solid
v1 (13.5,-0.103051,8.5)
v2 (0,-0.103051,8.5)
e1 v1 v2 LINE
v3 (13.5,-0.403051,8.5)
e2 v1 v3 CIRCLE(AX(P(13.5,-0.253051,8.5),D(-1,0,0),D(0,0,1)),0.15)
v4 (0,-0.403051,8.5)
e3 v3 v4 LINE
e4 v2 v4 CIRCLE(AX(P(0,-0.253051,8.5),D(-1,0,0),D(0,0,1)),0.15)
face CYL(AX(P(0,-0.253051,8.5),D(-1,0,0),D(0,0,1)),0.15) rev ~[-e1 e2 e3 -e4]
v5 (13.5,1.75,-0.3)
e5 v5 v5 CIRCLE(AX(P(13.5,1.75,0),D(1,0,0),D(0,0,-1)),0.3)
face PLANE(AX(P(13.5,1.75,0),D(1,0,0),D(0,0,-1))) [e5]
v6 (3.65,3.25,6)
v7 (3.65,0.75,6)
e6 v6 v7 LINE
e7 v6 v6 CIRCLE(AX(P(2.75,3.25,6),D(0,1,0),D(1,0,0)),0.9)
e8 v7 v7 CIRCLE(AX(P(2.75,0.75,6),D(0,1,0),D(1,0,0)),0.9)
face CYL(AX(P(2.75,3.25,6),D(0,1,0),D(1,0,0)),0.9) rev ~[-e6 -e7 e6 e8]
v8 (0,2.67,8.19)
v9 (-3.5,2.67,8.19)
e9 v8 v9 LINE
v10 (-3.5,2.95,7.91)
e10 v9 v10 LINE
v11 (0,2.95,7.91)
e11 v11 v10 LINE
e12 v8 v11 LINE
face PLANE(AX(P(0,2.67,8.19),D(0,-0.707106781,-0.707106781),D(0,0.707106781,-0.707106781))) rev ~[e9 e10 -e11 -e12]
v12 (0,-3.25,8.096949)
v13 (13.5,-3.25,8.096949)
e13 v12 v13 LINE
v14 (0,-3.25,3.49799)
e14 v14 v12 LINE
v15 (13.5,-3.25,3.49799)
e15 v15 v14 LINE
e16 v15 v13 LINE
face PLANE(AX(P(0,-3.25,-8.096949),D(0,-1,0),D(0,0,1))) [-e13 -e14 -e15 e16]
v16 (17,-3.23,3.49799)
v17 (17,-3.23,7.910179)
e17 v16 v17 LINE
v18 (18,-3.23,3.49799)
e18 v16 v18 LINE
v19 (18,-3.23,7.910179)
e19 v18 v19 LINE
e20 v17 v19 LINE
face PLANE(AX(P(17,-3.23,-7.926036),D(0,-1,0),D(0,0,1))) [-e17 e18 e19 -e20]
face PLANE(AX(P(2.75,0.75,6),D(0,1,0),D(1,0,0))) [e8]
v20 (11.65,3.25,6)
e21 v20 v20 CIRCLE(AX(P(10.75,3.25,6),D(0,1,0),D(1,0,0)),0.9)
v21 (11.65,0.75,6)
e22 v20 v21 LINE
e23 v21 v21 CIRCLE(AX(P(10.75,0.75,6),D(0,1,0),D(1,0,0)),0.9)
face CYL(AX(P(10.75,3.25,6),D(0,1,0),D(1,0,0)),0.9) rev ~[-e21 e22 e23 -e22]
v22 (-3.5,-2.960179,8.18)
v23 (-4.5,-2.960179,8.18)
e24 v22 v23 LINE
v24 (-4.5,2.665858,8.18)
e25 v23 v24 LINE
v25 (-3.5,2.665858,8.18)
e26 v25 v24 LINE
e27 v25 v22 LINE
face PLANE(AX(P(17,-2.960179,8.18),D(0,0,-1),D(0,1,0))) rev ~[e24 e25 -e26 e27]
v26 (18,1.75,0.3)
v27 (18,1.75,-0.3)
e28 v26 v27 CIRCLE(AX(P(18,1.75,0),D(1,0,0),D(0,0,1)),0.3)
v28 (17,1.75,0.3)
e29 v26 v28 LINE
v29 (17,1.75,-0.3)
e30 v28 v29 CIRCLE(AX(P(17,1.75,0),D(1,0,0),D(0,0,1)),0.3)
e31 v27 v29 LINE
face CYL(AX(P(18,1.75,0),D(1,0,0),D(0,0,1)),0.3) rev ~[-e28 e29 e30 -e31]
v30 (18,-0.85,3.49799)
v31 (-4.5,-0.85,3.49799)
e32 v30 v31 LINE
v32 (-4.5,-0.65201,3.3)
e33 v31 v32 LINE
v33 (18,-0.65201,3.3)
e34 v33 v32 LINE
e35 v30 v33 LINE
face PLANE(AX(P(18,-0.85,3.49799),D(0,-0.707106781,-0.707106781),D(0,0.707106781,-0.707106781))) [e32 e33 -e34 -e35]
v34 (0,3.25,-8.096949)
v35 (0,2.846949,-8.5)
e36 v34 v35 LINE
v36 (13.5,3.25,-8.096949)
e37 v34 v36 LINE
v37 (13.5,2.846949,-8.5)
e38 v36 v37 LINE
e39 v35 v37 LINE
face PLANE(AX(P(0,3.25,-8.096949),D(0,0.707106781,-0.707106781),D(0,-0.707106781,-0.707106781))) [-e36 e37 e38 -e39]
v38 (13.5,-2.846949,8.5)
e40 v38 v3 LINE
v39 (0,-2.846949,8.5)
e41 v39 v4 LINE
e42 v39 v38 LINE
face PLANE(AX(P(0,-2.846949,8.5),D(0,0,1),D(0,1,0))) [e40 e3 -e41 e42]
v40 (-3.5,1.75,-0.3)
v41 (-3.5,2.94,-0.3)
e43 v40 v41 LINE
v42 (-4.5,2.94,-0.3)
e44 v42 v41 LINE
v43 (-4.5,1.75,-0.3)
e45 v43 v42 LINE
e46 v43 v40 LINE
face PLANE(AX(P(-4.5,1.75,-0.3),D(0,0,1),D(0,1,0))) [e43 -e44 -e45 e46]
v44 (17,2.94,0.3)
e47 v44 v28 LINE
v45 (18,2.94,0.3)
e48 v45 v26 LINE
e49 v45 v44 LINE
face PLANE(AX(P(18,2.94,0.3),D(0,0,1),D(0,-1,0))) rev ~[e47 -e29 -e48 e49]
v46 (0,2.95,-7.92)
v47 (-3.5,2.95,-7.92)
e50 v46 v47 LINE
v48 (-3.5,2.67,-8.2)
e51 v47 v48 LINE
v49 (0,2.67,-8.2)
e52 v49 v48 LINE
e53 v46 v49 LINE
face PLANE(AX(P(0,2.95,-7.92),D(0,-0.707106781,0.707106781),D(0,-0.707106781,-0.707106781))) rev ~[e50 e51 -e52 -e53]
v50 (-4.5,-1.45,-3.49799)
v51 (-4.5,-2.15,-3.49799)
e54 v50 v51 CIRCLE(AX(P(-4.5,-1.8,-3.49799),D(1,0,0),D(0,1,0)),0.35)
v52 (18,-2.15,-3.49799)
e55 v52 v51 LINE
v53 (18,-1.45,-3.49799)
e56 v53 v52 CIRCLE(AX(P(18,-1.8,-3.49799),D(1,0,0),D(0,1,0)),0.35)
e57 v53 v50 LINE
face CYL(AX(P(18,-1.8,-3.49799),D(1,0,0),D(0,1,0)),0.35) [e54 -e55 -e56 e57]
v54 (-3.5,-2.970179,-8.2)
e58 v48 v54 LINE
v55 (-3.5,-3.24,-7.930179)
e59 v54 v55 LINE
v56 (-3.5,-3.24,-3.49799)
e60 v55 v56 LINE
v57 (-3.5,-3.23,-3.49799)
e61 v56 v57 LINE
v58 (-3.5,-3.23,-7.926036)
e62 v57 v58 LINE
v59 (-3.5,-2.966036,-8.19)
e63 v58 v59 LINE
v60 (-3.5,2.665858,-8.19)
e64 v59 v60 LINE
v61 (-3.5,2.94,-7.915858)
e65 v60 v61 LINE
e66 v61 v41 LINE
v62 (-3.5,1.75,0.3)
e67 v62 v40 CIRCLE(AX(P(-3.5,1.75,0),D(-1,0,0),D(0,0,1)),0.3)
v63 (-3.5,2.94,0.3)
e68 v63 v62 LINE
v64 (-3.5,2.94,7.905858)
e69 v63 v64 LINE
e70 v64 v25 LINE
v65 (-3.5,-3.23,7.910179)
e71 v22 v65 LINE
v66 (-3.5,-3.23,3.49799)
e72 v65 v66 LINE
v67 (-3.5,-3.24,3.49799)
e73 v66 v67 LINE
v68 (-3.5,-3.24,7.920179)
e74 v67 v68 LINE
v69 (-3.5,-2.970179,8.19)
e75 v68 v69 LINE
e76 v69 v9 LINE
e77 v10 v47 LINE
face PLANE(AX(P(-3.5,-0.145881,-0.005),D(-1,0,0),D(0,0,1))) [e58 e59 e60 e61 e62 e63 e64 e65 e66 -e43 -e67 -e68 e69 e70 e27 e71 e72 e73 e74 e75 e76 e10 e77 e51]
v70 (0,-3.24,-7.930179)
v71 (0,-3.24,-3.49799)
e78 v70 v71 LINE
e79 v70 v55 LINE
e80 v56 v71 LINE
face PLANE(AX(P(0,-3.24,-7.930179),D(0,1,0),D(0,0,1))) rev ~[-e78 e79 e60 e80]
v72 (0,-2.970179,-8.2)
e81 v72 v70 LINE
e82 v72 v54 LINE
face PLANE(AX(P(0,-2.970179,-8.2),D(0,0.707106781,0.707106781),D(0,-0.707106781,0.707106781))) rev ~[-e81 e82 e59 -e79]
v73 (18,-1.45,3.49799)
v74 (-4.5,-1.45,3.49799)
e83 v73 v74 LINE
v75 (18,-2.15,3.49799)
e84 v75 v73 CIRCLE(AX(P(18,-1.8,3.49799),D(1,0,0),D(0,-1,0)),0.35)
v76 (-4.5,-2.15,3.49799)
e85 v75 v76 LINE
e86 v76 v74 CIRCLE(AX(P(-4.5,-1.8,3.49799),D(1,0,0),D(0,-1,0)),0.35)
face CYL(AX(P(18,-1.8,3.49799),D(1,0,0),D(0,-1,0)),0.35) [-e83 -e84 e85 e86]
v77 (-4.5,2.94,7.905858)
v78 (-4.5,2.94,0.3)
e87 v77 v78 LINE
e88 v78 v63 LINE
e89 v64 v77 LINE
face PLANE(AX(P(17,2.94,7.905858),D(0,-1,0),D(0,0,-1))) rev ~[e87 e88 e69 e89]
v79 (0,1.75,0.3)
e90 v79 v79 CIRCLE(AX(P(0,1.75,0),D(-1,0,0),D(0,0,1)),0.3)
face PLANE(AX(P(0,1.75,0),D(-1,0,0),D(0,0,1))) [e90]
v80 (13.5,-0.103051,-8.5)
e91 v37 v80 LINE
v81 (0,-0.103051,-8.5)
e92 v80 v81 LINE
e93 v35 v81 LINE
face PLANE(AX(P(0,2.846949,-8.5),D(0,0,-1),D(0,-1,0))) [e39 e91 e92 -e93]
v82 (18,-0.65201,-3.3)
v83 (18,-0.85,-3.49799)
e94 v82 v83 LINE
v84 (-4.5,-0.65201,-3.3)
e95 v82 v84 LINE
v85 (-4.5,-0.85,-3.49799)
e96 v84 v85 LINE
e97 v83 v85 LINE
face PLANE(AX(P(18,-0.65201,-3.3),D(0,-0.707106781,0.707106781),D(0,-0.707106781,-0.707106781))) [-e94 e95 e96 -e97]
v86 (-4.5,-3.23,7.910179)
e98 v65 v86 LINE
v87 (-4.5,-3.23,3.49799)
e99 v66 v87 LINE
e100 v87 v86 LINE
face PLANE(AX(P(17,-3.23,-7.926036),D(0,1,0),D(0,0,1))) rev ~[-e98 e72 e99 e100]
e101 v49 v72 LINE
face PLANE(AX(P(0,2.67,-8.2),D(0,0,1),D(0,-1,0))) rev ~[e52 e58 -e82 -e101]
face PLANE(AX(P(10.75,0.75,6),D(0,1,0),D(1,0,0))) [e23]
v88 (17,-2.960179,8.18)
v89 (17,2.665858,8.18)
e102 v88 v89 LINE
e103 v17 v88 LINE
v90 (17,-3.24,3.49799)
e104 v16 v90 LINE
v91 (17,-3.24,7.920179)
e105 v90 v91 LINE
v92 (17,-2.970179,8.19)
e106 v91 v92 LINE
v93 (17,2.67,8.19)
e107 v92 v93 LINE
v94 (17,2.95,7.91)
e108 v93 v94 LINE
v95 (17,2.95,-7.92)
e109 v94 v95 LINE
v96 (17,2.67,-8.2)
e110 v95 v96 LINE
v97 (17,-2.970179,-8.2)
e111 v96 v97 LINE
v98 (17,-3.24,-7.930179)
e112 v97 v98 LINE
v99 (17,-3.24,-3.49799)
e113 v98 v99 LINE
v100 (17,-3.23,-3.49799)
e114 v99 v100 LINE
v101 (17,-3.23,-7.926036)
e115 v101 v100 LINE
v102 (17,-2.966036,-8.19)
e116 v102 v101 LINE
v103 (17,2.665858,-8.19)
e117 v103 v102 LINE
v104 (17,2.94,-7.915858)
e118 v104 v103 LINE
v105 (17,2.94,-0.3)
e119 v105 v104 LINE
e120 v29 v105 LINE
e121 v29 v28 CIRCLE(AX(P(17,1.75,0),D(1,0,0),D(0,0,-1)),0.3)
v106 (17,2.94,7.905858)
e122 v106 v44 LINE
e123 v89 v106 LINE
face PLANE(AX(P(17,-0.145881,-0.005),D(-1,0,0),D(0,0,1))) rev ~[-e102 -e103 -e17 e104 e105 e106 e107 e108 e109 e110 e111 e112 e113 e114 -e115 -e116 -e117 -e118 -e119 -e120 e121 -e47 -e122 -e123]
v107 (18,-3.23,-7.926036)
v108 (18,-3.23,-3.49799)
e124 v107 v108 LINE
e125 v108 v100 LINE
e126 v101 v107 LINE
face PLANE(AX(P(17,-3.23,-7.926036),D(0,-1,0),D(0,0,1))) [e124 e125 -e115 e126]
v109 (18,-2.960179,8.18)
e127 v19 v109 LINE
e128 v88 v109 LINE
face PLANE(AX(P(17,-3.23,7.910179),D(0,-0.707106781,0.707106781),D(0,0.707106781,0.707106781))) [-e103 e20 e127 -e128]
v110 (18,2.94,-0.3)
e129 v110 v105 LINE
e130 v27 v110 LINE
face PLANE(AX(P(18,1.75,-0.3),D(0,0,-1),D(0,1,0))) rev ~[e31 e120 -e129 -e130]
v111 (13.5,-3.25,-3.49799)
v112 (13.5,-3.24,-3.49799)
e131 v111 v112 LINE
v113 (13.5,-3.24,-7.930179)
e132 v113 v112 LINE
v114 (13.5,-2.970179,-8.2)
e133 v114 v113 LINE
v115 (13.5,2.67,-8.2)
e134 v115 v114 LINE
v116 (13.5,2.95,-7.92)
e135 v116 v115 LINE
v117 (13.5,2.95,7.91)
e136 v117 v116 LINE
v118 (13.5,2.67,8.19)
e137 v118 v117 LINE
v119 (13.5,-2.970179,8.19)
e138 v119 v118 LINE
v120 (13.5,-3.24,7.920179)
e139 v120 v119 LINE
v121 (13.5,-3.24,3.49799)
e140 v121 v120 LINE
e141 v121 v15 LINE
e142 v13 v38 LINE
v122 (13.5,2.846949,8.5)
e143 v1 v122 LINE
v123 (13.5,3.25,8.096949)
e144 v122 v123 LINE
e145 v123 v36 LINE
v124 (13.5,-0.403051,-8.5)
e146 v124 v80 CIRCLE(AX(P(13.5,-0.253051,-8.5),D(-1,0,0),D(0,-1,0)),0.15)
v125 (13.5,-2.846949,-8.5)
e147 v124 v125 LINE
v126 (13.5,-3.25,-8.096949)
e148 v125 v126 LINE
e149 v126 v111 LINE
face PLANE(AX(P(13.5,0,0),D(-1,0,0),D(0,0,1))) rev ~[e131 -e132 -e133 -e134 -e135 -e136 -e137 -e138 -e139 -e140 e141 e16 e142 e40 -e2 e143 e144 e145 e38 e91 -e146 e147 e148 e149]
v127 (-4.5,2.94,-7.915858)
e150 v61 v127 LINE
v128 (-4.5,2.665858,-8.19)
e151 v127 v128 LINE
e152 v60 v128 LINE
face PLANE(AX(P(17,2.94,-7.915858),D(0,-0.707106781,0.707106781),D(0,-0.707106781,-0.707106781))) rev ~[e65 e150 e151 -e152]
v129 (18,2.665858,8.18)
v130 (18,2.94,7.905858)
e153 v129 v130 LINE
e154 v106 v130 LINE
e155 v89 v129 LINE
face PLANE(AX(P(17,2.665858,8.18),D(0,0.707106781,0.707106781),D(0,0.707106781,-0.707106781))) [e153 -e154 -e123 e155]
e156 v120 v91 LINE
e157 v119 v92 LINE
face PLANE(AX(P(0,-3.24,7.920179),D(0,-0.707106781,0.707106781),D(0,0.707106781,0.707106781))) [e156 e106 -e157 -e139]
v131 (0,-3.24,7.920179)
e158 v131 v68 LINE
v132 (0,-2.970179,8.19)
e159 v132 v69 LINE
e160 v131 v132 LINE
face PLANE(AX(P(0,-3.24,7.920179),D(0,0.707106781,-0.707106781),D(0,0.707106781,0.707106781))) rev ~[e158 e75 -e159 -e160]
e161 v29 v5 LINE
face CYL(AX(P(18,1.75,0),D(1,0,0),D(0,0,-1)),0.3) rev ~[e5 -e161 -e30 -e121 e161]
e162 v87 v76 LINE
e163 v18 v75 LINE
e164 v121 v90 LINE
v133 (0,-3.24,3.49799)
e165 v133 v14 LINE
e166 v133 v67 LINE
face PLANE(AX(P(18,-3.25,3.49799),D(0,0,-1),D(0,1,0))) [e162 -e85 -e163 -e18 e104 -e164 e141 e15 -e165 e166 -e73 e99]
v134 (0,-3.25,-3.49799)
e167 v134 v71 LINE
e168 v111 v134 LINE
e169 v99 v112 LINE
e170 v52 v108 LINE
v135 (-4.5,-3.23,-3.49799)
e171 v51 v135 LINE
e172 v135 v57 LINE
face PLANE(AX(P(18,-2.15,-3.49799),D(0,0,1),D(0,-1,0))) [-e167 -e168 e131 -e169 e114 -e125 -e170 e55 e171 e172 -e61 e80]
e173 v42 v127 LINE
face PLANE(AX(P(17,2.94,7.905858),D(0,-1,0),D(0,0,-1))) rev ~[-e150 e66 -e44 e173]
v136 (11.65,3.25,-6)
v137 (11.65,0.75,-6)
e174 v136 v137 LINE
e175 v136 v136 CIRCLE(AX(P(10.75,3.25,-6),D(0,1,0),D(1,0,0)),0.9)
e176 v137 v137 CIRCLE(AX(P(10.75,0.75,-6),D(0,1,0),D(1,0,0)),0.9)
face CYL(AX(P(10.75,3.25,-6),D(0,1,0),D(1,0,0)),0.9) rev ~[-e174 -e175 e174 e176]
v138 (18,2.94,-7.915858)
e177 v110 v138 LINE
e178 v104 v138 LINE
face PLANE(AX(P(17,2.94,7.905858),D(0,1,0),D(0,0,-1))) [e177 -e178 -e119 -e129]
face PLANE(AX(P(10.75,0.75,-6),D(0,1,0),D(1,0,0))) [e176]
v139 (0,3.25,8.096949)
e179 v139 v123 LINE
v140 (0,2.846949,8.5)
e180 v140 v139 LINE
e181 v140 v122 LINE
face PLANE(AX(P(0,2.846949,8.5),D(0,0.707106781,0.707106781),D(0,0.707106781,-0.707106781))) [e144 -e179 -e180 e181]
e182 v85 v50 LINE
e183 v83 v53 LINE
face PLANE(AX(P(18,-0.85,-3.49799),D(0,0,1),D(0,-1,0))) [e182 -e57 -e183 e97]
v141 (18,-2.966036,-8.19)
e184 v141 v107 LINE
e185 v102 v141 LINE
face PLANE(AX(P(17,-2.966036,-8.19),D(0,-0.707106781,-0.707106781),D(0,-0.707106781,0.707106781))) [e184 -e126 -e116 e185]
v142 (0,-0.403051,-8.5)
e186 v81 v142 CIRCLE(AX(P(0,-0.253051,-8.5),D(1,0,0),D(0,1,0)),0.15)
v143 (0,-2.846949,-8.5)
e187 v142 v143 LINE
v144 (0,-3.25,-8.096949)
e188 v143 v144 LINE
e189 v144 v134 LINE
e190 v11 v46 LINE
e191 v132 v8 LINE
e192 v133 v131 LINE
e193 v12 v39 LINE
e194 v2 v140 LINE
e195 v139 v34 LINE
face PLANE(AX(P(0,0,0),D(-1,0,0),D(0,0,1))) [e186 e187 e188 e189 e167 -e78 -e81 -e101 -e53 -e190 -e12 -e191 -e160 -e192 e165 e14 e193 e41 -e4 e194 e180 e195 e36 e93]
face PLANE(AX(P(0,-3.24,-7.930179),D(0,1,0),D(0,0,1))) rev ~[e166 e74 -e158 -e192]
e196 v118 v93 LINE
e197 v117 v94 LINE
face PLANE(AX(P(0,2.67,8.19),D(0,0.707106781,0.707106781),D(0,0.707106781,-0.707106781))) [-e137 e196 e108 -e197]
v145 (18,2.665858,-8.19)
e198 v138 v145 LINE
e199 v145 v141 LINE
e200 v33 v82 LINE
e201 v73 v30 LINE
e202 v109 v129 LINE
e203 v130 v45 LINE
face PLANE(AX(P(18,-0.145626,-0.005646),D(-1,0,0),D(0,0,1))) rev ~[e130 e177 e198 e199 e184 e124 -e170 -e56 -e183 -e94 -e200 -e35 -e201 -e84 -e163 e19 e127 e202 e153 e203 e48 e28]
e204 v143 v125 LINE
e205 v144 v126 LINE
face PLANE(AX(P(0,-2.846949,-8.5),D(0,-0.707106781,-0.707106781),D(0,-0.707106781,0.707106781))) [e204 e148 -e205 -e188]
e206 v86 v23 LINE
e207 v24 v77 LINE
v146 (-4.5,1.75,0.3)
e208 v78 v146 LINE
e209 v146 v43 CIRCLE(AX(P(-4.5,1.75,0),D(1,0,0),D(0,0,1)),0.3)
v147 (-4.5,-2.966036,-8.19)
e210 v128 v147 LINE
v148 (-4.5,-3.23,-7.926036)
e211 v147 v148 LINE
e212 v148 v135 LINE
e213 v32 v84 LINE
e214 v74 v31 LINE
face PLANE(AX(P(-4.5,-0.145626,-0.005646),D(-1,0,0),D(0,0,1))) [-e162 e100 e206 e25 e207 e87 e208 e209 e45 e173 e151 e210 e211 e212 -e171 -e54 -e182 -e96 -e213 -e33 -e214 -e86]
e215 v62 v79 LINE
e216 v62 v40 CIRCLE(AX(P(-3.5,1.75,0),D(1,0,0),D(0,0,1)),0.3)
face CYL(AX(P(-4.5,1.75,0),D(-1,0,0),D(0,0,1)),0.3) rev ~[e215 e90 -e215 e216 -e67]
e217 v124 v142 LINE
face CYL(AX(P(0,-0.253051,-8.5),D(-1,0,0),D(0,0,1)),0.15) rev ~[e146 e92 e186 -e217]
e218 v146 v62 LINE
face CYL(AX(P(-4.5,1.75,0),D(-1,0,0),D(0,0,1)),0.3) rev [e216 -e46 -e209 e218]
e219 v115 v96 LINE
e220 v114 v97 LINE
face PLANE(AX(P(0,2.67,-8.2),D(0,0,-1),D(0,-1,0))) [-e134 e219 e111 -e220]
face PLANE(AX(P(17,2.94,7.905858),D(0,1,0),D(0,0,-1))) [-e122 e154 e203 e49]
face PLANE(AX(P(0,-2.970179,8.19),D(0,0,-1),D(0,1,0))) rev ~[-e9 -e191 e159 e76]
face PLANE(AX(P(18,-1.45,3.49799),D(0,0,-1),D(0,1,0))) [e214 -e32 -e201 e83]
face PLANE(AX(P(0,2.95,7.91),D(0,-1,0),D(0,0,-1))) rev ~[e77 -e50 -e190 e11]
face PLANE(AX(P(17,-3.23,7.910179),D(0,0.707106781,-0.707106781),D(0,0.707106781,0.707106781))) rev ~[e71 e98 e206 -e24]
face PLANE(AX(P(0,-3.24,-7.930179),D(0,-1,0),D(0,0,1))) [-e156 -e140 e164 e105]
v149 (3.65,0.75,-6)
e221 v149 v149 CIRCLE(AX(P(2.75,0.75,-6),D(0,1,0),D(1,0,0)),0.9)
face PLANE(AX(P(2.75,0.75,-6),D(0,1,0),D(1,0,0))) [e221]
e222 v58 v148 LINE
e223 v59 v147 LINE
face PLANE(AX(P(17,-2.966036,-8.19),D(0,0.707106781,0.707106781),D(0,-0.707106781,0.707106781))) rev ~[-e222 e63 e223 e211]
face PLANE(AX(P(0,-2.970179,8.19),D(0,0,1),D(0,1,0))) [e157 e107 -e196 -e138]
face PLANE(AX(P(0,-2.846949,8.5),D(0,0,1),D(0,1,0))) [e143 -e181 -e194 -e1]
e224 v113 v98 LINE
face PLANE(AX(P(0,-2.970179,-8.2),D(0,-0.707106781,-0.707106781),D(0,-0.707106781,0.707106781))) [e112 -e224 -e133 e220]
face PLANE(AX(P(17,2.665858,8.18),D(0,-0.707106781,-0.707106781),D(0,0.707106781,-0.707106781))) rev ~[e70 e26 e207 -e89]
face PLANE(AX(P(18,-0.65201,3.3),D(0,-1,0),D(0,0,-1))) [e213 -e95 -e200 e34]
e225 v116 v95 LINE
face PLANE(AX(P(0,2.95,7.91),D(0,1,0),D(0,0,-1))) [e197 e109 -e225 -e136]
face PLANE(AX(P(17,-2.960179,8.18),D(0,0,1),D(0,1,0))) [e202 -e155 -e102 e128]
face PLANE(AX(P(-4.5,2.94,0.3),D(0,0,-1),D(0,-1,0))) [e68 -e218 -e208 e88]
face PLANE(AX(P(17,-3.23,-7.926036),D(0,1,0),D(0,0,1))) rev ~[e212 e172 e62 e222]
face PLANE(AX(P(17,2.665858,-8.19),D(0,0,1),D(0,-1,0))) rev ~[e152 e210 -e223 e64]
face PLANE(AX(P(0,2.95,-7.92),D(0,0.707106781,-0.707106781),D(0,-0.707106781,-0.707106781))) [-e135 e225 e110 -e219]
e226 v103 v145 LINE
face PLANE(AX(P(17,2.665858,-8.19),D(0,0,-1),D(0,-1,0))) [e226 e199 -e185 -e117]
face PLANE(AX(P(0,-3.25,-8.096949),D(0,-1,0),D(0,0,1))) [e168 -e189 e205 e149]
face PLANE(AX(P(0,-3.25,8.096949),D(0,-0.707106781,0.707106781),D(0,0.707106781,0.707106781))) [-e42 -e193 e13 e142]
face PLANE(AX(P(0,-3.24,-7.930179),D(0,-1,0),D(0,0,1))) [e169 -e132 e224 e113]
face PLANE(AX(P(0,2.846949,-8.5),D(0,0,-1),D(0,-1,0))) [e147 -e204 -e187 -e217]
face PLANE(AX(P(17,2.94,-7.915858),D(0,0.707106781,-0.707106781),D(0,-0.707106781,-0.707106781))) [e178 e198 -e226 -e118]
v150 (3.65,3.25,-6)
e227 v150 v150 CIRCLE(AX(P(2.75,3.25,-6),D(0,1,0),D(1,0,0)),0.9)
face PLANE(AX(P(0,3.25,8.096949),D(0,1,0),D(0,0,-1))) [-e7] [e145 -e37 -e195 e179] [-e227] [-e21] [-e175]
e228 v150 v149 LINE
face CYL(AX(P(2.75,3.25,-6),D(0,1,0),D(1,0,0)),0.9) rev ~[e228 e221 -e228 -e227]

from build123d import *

# Parameters (mm, degrees)
EXTRUDE_1_DEPTH      = 13.5
SKETCH_3_R           = 0.15
CUT_EXTRUDE_2_DEPTH  = 13.5
EXTRUDE_2_DEPTH      = 3.5
EXTRUDE_2_DEPTH_BACK = 17
EXTRUDE_3_DEPTH      = 1
EXTRUDE_3_DEPTH_BACK = 21.5
SKETCH_2_R           = 0.9
CUT_EXTRUDE_1_DEPTH  = 2.5
CUT_EXTRUDE_3_DEPTH  = 1
CUT_EXTRUDE_4_DEPTH  = 1
SKETCH_8_R           = 0.3
CUT_EXTRUDE_5_DEPTH  = 4.5
SKETCH_9_R           = 0.3
CUT_EXTRUDE_6_DEPTH  = 4.5
CUT_EXTRUDE_7_DEPTH  = 22.5


with BuildPart() as part:
    # 草图1 → 凸台-拉伸1 (new body)
    with BuildSketch(Plane(origin=(0, 0, 0), x_dir=(0, 0, -1), z_dir=(1, 0, 0))):
        Polygon((-8.5, 2.846949135), (-8.096949135, 3.25), (8.096949135, 3.25), (8.5, 2.846949135), (8.5, -2.846949135), (8.096949135, -3.25), (-8.096949135, -3.25), (-8.5, -2.846949135), align=None)
    extrude(amount=EXTRUDE_1_DEPTH)

    # 草图3 → 切除-拉伸2 (cut)
    with BuildSketch(Plane.ZY):
        with Locations((8.5, -0.253050865)):
            Circle(SKETCH_3_R)
        with Locations((-8.5, -0.253050865)):
            Circle(SKETCH_3_R)
    extrude(amount=-CUT_EXTRUDE_2_DEPTH, mode=Mode.SUBTRACT)

    # 草图4 → 凸台-拉伸2 (add, two sides)
    with BuildSketch(Plane.ZY) as extrude_2_sk:
        Polygon((8.19, -2.970178628), (8.19, 2.67), (7.91, 2.95), (-7.92, 2.95), (-8.2, 2.67), (-8.2, -2.970178628), (-7.930178628, -3.24), (7.920178628, -3.24), align=None)
    extrude(amount=EXTRUDE_2_DEPTH)
    extrude(extrude_2_sk.sketch, amount=-EXTRUDE_2_DEPTH_BACK)

    # 草图5 → 凸台-拉伸3 (add, two sides)
    with BuildSketch(Plane(origin=(17, 0, 0), x_dir=(0, 0, -1), z_dir=(1, 0, 0))) as extrude_3_sk:
        Polygon((-7.905857864, 2.94), (7.915857864, 2.94), (8.19, 2.665857864), (8.19, -2.966036493), (7.926036493, -3.23), (-7.910178628, -3.23), (-8.18, -2.960178628), (-8.18, 2.665857864), align=None)
    extrude(amount=EXTRUDE_3_DEPTH)
    extrude(extrude_3_sk.sketch, amount=-EXTRUDE_3_DEPTH_BACK)

    # 草图2 → 切除-拉伸1 (cut)
    with BuildSketch(Plane(origin=(0, 3.25, 0), x_dir=(1, 0, 0), z_dir=(0, 1, 0))):
        with Locations((2.75, 6)):
            Circle(SKETCH_2_R)
        with Locations((10.75, 6)):
            Circle(SKETCH_2_R)
        with Locations((10.75, -6)):
            Circle(SKETCH_2_R)
        with Locations((2.75, -6)):
            Circle(SKETCH_2_R)
    extrude(amount=-CUT_EXTRUDE_1_DEPTH, mode=Mode.SUBTRACT)

    # 草图6 → 切除-拉伸3 (cut)
    with BuildSketch(Plane(origin=(18, 0, 0), x_dir=(0, 0, -1), z_dir=(1, 0, 0))):
        with BuildLine():
            Line((0.3, 1.75), (0.3, 2.94))
            Line((0.3, 2.94), (-0.3, 2.94))
            Line((-0.3, 2.94), (-0.3, 1.75))
            ThreePointArc((-0.3, 1.75), (0, 1.45), (0.3, 1.75))
        make_face()
    extrude(amount=-CUT_EXTRUDE_3_DEPTH, mode=Mode.SUBTRACT)

    # 草图7 → 切除-拉伸4 (cut)
    with BuildSketch(Plane.ZY.offset(4.5)):
        with BuildLine():
            Line((-0.3, 1.75), (-0.3, 2.94))
            Line((-0.3, 2.94), (0.3, 2.94))
            Line((0.3, 2.94), (0.3, 1.75))
            ThreePointArc((0.3, 1.75), (0, 1.45), (-0.3, 1.75))
        make_face()
    extrude(amount=-CUT_EXTRUDE_4_DEPTH, mode=Mode.SUBTRACT)

    # 草图8 → 切除-拉伸5 (cut)
    with BuildSketch(Plane.ZY.offset(4.5)):
        with Locations((0, 1.75)):
            Circle(SKETCH_8_R)
    extrude(amount=-CUT_EXTRUDE_5_DEPTH, mode=Mode.SUBTRACT)

    # 草图9 → 切除-拉伸6 (cut)
    with BuildSketch(Plane(origin=(18, 0, 0), x_dir=(0, 0, -1), z_dir=(1, 0, 0))):
        with Locations((0, 1.75)):
            Circle(SKETCH_9_R)
    extrude(amount=-CUT_EXTRUDE_6_DEPTH, mode=Mode.SUBTRACT)

    # 草图10 → 切除-拉伸7 (cut)
    with BuildSketch(Plane(origin=(18, 0, 0), x_dir=(0, 0, -1), z_dir=(1, 0, 0))):
        with BuildLine():
            Line((3.497989899, -2.15), (3.497989899, -3.25))
            Line((3.497989899, -3.25), (-3.497989899, -3.25))
            Line((-3.497989899, -3.25), (-3.497989899, -2.15))
            ThreePointArc((-3.497989899, -2.15), (-3.147989899, -1.8), (-3.497989899, -1.45))
            Line((-3.497989899, -1.45), (-3.497989899, -0.85))
            Line((-3.497989899, -0.85), (-3.3, -0.652010101))
            Line((-3.3, -0.652010101), (3.3, -0.652010101))
            Line((3.3, -0.652010101), (3.497989899, -0.85))
            Line((3.497989899, -0.85), (3.497989899, -1.45))
            ThreePointArc((3.497989899, -1.45), (3.147989899, -1.8), (3.497989899, -2.15))
        make_face()
    extrude(amount=-CUT_EXTRUDE_7_DEPTH, mode=Mode.SUBTRACT)


solid = part.part
